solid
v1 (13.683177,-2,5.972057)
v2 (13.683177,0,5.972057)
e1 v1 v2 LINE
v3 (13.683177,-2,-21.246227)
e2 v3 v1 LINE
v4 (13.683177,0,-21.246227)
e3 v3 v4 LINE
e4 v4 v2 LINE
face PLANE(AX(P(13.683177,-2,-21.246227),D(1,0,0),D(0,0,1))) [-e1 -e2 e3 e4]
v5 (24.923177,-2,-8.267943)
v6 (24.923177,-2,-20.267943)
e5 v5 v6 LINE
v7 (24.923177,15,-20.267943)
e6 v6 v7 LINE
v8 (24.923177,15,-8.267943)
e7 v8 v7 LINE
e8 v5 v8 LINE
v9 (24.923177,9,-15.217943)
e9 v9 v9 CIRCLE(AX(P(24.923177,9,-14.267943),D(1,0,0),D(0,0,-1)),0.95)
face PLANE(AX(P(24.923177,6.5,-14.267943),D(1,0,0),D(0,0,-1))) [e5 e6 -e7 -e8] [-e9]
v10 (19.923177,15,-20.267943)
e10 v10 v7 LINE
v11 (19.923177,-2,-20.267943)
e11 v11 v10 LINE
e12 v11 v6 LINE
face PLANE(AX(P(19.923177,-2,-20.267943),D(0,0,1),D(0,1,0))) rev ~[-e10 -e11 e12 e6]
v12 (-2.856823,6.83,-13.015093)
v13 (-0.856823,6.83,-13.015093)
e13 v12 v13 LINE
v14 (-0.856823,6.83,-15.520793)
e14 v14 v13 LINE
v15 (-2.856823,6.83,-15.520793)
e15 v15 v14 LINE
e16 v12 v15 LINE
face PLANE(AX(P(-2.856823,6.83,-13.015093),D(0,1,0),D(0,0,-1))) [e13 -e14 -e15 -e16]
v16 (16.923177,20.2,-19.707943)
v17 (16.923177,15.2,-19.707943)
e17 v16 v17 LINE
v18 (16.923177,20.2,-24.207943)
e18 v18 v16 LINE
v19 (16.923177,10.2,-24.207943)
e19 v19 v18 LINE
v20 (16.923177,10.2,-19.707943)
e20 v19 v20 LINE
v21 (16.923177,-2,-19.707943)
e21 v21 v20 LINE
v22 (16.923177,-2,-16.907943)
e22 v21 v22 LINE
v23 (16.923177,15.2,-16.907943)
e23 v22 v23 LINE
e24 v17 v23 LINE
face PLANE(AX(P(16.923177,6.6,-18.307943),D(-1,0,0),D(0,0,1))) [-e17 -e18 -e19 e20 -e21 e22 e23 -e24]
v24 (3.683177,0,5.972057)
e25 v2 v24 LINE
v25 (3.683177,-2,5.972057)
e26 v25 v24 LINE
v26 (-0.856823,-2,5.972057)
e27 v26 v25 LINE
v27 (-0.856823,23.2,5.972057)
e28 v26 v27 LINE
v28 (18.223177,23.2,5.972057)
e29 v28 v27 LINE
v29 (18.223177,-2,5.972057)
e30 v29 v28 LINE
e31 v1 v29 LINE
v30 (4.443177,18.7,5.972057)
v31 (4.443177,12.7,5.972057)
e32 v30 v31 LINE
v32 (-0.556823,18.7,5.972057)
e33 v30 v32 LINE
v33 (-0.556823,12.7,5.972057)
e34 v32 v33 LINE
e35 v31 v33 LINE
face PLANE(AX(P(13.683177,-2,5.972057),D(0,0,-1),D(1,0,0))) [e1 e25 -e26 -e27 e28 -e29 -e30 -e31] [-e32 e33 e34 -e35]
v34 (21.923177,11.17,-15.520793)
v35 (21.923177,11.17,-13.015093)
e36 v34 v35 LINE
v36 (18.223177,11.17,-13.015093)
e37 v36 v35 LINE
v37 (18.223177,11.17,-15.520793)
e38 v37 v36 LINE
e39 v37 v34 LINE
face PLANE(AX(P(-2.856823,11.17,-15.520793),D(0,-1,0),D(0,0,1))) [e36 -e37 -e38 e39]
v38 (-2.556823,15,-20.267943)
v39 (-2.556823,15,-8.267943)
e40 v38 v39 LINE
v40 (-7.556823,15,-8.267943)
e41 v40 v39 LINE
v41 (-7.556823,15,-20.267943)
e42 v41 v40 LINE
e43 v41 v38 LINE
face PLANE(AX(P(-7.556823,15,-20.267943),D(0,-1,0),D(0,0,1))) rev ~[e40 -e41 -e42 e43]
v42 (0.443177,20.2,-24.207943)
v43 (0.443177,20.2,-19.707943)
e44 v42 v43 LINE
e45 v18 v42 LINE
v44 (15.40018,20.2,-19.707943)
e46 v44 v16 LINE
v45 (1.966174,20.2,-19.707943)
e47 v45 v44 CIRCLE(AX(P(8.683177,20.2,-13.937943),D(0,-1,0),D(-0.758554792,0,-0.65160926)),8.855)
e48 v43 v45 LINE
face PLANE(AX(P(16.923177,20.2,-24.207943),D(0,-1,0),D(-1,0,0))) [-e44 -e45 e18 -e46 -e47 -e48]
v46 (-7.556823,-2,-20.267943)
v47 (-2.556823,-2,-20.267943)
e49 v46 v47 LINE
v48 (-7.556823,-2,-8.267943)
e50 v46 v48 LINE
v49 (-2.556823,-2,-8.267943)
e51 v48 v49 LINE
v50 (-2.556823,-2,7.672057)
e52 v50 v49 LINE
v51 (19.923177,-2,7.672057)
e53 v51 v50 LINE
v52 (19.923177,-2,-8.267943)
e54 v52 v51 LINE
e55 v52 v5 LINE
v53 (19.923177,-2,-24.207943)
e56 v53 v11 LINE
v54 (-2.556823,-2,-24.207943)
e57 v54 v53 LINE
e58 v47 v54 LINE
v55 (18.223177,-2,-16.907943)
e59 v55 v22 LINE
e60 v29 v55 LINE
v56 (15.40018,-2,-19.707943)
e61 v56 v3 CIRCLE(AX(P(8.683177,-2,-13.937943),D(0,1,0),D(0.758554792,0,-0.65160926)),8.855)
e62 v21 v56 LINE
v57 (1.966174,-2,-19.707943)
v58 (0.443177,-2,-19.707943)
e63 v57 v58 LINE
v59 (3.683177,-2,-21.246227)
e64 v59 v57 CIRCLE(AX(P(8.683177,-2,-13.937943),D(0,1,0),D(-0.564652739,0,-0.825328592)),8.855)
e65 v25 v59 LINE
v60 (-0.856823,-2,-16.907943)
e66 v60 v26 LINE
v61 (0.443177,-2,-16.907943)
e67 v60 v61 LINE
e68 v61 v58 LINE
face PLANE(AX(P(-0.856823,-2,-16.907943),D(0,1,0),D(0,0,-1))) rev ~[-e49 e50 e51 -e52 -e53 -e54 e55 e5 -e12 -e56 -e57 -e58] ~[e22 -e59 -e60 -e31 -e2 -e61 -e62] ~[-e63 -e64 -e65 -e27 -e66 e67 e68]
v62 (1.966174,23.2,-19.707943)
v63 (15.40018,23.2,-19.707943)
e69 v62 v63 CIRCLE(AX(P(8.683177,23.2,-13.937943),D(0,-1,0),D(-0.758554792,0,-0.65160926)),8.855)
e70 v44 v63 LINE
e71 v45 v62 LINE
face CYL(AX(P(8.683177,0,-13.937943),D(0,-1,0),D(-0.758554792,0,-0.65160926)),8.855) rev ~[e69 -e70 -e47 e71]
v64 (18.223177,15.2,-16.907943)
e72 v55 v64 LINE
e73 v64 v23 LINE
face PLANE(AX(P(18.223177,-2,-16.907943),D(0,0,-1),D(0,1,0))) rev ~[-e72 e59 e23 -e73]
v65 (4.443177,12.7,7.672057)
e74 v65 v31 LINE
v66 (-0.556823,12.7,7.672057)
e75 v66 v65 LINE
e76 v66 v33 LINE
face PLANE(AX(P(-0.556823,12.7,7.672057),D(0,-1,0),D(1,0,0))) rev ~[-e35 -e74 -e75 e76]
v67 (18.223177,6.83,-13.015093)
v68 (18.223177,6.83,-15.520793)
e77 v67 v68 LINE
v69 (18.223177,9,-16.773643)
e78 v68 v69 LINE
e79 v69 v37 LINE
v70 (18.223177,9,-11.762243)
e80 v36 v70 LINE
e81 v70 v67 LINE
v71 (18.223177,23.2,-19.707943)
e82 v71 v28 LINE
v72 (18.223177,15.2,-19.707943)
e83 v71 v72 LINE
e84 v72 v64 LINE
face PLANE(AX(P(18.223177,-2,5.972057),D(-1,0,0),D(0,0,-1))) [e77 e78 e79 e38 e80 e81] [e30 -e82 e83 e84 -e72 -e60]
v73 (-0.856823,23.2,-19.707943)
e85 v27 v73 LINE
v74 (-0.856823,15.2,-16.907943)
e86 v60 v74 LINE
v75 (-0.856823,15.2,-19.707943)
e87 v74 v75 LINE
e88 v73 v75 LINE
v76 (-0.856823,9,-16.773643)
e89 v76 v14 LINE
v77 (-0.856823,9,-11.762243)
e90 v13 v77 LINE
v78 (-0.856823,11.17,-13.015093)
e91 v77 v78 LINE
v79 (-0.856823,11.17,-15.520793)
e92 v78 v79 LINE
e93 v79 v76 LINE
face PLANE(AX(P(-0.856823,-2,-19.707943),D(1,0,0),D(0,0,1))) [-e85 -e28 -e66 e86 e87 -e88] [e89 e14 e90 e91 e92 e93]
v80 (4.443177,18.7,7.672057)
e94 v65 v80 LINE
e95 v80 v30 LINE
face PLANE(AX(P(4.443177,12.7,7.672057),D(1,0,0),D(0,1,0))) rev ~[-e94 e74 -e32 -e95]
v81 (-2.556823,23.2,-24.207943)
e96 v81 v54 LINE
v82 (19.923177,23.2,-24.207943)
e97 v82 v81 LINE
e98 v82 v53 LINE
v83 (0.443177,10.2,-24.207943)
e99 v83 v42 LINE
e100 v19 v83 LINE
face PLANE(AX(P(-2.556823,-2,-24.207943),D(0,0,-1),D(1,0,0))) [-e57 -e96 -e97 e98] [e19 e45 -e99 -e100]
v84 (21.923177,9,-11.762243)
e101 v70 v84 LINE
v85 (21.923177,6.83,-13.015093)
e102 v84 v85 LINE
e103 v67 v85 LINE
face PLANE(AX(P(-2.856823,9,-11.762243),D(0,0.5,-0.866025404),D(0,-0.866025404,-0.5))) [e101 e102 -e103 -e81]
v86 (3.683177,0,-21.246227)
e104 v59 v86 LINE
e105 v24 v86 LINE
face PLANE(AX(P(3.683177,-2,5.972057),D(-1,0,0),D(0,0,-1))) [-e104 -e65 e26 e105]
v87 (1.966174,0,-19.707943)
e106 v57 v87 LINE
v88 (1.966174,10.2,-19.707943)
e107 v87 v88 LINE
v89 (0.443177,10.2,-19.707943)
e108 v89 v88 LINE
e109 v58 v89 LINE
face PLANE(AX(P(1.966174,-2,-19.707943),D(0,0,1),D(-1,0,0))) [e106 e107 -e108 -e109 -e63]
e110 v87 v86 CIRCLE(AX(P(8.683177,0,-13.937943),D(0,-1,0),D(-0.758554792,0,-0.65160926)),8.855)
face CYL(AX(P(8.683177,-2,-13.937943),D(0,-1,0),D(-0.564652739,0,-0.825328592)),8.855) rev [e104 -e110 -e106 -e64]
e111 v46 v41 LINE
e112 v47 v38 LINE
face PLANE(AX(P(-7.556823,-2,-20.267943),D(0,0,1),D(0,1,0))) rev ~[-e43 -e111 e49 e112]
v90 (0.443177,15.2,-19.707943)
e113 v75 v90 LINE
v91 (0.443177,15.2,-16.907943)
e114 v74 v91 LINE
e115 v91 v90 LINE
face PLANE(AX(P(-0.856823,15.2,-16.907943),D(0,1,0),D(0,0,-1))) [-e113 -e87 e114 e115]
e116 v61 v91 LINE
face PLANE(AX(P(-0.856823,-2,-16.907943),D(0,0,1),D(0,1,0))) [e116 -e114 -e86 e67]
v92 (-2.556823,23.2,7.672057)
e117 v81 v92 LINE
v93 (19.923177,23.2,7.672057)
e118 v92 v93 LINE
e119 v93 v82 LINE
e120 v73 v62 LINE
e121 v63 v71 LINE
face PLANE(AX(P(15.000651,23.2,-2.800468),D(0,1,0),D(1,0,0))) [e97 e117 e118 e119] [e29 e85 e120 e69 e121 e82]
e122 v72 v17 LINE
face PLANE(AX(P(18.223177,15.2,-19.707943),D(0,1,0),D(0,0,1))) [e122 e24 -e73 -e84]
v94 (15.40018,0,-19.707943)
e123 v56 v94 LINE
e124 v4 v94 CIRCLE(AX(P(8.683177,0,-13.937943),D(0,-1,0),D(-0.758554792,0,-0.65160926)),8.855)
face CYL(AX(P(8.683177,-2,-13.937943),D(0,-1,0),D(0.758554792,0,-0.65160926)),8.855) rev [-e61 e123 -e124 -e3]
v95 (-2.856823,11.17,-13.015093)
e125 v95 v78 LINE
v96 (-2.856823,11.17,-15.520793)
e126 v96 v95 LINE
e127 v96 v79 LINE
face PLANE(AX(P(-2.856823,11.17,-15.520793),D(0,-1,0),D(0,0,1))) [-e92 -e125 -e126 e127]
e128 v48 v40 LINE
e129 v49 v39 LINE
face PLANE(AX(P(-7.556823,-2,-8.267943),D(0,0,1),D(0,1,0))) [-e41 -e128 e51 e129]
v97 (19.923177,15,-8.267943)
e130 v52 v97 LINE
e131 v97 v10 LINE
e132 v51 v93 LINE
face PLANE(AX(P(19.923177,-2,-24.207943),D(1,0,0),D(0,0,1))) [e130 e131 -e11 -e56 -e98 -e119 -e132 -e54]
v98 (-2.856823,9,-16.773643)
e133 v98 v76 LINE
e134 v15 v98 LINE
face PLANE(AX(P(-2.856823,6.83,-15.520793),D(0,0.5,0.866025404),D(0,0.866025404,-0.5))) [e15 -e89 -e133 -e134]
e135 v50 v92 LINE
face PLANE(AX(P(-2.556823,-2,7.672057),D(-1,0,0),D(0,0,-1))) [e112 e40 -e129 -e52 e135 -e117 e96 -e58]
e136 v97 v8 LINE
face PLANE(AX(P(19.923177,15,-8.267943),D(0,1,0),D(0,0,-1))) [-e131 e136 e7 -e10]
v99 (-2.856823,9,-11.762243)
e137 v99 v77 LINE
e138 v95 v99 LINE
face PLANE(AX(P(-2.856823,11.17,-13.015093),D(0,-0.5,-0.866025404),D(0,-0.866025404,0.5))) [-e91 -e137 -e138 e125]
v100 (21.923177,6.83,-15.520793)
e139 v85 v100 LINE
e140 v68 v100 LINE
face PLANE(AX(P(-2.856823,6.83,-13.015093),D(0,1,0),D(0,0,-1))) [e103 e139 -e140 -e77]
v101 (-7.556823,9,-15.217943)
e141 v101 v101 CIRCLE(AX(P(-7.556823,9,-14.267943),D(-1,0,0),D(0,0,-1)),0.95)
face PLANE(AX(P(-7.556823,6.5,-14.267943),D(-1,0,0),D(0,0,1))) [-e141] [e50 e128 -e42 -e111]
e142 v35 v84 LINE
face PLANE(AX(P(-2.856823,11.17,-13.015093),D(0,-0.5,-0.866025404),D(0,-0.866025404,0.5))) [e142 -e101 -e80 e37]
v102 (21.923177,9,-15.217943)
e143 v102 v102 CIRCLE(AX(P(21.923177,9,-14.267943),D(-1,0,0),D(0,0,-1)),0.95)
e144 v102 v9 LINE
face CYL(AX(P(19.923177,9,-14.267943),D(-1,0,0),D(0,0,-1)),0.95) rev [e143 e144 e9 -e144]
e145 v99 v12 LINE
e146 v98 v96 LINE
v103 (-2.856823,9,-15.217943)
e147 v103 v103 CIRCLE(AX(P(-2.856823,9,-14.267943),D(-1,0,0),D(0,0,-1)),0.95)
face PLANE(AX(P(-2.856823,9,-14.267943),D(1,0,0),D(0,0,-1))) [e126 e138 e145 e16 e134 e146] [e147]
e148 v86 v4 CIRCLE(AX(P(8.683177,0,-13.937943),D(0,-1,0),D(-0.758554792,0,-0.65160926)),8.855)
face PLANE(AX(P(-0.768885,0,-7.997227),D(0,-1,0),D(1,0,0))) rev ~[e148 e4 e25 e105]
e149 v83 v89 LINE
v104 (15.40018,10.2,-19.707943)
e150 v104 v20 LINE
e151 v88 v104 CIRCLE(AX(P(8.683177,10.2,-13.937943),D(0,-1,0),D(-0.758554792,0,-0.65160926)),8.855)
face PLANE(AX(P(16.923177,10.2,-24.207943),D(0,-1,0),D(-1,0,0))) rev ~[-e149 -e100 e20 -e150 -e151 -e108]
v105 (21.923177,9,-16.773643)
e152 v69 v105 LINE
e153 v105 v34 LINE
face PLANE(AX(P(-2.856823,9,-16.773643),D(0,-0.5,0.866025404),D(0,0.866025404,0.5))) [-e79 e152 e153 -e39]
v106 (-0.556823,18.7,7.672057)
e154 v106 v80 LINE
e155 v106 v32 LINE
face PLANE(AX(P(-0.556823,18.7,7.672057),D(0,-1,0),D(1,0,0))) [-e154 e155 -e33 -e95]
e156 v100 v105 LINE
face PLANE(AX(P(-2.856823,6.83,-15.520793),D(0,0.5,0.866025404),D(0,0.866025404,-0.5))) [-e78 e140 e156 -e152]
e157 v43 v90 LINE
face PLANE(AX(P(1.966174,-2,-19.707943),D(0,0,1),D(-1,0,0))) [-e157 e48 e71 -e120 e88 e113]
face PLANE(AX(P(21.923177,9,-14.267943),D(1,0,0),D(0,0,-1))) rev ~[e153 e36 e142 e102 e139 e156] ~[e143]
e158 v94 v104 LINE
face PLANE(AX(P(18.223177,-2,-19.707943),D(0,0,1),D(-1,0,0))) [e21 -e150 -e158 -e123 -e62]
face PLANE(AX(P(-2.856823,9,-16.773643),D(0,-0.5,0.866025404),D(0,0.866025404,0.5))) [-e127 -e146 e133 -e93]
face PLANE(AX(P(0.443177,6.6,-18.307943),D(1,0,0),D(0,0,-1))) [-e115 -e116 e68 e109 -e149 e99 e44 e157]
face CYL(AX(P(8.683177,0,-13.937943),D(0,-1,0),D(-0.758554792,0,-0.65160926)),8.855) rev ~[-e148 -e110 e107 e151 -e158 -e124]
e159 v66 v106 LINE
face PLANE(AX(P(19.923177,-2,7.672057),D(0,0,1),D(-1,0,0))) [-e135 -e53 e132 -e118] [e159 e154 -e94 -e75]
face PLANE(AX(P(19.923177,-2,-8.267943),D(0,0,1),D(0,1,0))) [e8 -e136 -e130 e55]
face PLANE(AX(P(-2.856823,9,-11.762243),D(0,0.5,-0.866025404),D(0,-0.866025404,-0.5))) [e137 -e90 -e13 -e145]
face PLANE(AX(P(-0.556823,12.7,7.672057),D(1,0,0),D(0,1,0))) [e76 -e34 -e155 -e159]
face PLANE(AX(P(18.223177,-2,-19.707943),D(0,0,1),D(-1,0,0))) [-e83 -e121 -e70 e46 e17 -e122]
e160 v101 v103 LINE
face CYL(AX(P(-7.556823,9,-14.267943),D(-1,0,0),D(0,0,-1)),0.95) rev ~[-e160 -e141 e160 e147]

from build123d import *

# Parameters (mm, degrees)
BOSS_EXTRUDE1_DEPTH = 23.2
BOSS_EXTRUDE2_START = 2
SKETCH2_W           = 5
SKETCH2_H           = 1.7
BOSS_EXTRUDE2_DEPTH = 2
SKETCH3_W           = 5
SKETCH3_H           = 6
CUT_EXTRUDE1_DEPTH  = 2
SKETCH4_W           = 16.48
SKETCH4_H           = 10
CUT_EXTRUDE2_DEPTH  = 7
SKETCH6_W           = 2.8
SKETCH6_H           = 17.2
BOSS_EXTRUDE4_DEPTH = 1.3
SKETCH8_W           = 2.8
SKETCH8_H           = 17.2
BOSS_EXTRUDE5_DEPTH = 1.3
SKETCH12_W          = 12
SKETCH12_H          = 17
SKETCH12_R          = 0.95
BOSS_EXTRUDE6_DEPTH = 5
BOSS_EXTRUDE7_START = 5
SKETCH13_W          = 12
SKETCH13_H          = 17
SKETCH13_R          = 0.95
BOSS_EXTRUDE7_DEPTH = 5
CUT_EXTRUDE3_START  = -22.78
CUT_EXTRUDE3_DEPTH  = 24.78


with BuildPart() as part:
    # Sketch1 → Boss-Extrude1 (new body)
    with BuildSketch(Plane(origin=(0, 0, 0), x_dir=(1, 0, 0), z_dir=(0, 1, 0))):
        Polygon((18.223177083, -5.972057292), (-0.856822917, -5.972057292), (-0.856822917, -7.672057292), (19.923177083, -7.672057292), (19.923177083, 24.207942708), (18.223177083, 24.207942708), (18.223177083, 19.707942708), align=None)
        with BuildLine():
            Line((-0.856822917, -7.672057292), (-0.856822917, -5.972057292))
            Line((-0.856822917, -5.972057292), (-0.856822917, 19.707942708))
            Line((-0.856822917, 19.707942708), (1.966174404, 19.707942708))
            ThreePointArc((1.966174404, 19.707942708), (8.683177083, 22.792942708), (15.400179763, 19.707942708))
            Line((15.400179763, 19.707942708), (18.223177083, 19.707942708))
            Line((18.223177083, 19.707942708), (18.223177083, 24.207942708))
            Line((18.223177083, 24.207942708), (-2.556822917, 24.207942708))
            Line((-2.556822917, 24.207942708), (-2.556822917, -7.672057292))
            Line((-2.556822917, -7.672057292), (-0.856822917, -7.672057292))
        make_face()
    extrude(amount=BOSS_EXTRUDE1_DEPTH)

    # Sketch2 → Boss-Extrude2 (add)
    with BuildSketch(Plane.XZ.offset(BOSS_EXTRUDE2_START)):
        with BuildLine():
            Line((3.683177083, 5.972057292), (3.683177083, 7.672057292))
            Line((3.683177083, 7.672057292), (-2.556822917, 7.672057292))
            Line((-2.556822917, 7.672057292), (-2.556822917, -24.207942708))
            Line((-2.556822917, -24.207942708), (3.683177083, -24.207942708))
            Line((3.683177083, -24.207942708), (3.683177083, -21.246227391))
            ThreePointArc((3.683177083, -21.246227391), (2.774402431, -20.533199118), (1.966174404, -19.707942708))
            Line((1.966174404, -19.707942708), (-0.856822917, -19.707942708))
            Line((-0.856822917, -19.707942708), (-0.856822917, 5.972057292))
            Line((-0.856822917, 5.972057292), (3.683177083, 5.972057292))
        make_face()
        with BuildLine():
            Line((8.683177083, -24.207942708), (8.683177083, -22.792942708))
            ThreePointArc((8.683177083, -22.792942708), (6.066293045, -22.397431046), (3.683177083, -21.246227391))
            Line((3.683177083, -21.246227391), (3.683177083, -24.207942708))
            Line((3.683177083, -24.207942708), (8.683177083, -24.207942708))
        make_face()
        with BuildLine():
            ThreePointArc((13.683177083, -21.246227391), (11.300061121, -22.397431046), (8.683177083, -22.792942708))
            Line((8.683177083, -22.792942708), (8.683177083, -24.207942708))
            Line((8.683177083, -24.207942708), (13.683177083, -24.207942708))
            Line((13.683177083, -24.207942708), (13.683177083, -21.246227391))
        make_face()
        with BuildLine():
            Line((19.923177083, 7.672057292), (13.683177083, 7.672057292))
            Line((13.683177083, 7.672057292), (13.683177083, 5.972057292))
            Line((13.683177083, 5.972057292), (18.223177083, 5.972057292))
            Line((18.223177083, 5.972057292), (18.223177083, -19.707942708))
            Line((18.223177083, -19.707942708), (15.400179763, -19.707942708))
            ThreePointArc((15.400179763, -19.707942708), (14.591951736, -20.533199118), (13.683177083, -21.246227391))
            Line((13.683177083, -21.246227391), (13.683177083, -24.207942708))
            Line((13.683177083, -24.207942708), (19.923177083, -24.207942708))
            Line((19.923177083, -24.207942708), (19.923177083, 7.672057292))
        make_face()
        with Locations((11.183177083, 6.822057292)):
            Rectangle(SKETCH2_W, SKETCH2_H)
        with Locations((6.183177083, 6.822057292)):
            Rectangle(SKETCH2_W, SKETCH2_H)
        with BuildLine():
            Line((13.683177083, 5.972057292), (8.683177083, 5.972057292))
            Line((8.683177083, 5.972057292), (8.683177083, -22.792942708))
            ThreePointArc((8.683177083, -22.792942708), (11.300061121, -22.397431046), (13.683177083, -21.246227391))
            Line((13.683177083, -21.246227391), (13.683177083, 5.972057292))
        make_face()
        with BuildLine():
            Line((8.683177083, -22.792942708), (8.683177083, 5.972057292))
            Line((8.683177083, 5.972057292), (3.683177083, 5.972057292))
            Line((3.683177083, 5.972057292), (3.683177083, -21.246227391))
            ThreePointArc((3.683177083, -21.246227391), (6.066293045, -22.397431046), (8.683177083, -22.792942708))
        make_face()
    extrude(amount=-BOSS_EXTRUDE2_DEPTH)

    # Sketch3 → Cut-Extrude1 (cut)
    with BuildSketch(Plane.XY.offset(7.672057292)):
        with Locations((1.943177083, 15.7)):
            Rectangle(SKETCH3_W, SKETCH3_H)
    extrude(amount=-CUT_EXTRUDE1_DEPTH, mode=Mode.SUBTRACT)

    # Sketch4 → Cut-Extrude2 (cut)
    with BuildSketch(Plane(origin=(0, 0, -24.207942708), x_dir=(-1, 0, 0), z_dir=(0, 0, -1))):
        with Locations((-8.683177083, 15.2)):
            Rectangle(SKETCH4_W, SKETCH4_H)
    extrude(amount=-CUT_EXTRUDE2_DEPTH, mode=Mode.SUBTRACT)

    # Sketch6 → Boss-Extrude4 (add)
    with BuildSketch(Plane.ZY.offset(-18.223177083)):
        with Locations((-18.307942708, 6.6)):
            Rectangle(SKETCH6_W, SKETCH6_H)
    extrude(amount=BOSS_EXTRUDE4_DEPTH)

    # Sketch8 → Boss-Extrude5 (add)
    with BuildSketch(Plane(origin=(-0.856822917, 0, 0), x_dir=(0, 0, -1), z_dir=(1, 0, 0))):
        with Locations((18.307942708, 6.6)):
            Rectangle(SKETCH8_W, SKETCH8_H)
    extrude(amount=BOSS_EXTRUDE5_DEPTH)

    # Sketch12 → Boss-Extrude6 (add)
    with BuildSketch(Plane(origin=(19.923177083, 0, 0), x_dir=(0, 0, -1), z_dir=(1, 0, 0))):
        with Locations((14.267942708, 6.5)):
            Rectangle(SKETCH12_W, SKETCH12_H)
        with Locations((14.267942708, 9)):
            Circle(SKETCH12_R, mode=Mode.SUBTRACT)
    extrude(amount=BOSS_EXTRUDE6_DEPTH)

    # Sketch13 → Boss-Extrude7 (add)
    with BuildSketch(Plane.ZY.offset(2.556822917).offset(BOSS_EXTRUDE7_START)):
        with Locations((-14.267942708, 6.5)):
            Rectangle(SKETCH13_W, SKETCH13_H)
        with Locations(Location((-14.267942708, 9, 0), (0, 0, 180))):
            Circle(SKETCH13_R, mode=Mode.SUBTRACT)
    extrude(amount=-BOSS_EXTRUDE7_DEPTH)

    # Sketch15 → Cut-Extrude3 (cut)
    with BuildSketch(Plane(origin=(19.923177083, 0, 0), x_dir=(0, 0, -1), z_dir=(1, 0, 0)).offset(CUT_EXTRUDE3_START)):
        Polygon((16.773642877, 9), (15.520792792, 11.17), (13.015092624, 11.17), (11.76224254, 9), (13.015092624, 6.83), (15.520792792, 6.83), align=None)
    extrude(amount=CUT_EXTRUDE3_DEPTH, mode=Mode.SUBTRACT)


solid = part.part
